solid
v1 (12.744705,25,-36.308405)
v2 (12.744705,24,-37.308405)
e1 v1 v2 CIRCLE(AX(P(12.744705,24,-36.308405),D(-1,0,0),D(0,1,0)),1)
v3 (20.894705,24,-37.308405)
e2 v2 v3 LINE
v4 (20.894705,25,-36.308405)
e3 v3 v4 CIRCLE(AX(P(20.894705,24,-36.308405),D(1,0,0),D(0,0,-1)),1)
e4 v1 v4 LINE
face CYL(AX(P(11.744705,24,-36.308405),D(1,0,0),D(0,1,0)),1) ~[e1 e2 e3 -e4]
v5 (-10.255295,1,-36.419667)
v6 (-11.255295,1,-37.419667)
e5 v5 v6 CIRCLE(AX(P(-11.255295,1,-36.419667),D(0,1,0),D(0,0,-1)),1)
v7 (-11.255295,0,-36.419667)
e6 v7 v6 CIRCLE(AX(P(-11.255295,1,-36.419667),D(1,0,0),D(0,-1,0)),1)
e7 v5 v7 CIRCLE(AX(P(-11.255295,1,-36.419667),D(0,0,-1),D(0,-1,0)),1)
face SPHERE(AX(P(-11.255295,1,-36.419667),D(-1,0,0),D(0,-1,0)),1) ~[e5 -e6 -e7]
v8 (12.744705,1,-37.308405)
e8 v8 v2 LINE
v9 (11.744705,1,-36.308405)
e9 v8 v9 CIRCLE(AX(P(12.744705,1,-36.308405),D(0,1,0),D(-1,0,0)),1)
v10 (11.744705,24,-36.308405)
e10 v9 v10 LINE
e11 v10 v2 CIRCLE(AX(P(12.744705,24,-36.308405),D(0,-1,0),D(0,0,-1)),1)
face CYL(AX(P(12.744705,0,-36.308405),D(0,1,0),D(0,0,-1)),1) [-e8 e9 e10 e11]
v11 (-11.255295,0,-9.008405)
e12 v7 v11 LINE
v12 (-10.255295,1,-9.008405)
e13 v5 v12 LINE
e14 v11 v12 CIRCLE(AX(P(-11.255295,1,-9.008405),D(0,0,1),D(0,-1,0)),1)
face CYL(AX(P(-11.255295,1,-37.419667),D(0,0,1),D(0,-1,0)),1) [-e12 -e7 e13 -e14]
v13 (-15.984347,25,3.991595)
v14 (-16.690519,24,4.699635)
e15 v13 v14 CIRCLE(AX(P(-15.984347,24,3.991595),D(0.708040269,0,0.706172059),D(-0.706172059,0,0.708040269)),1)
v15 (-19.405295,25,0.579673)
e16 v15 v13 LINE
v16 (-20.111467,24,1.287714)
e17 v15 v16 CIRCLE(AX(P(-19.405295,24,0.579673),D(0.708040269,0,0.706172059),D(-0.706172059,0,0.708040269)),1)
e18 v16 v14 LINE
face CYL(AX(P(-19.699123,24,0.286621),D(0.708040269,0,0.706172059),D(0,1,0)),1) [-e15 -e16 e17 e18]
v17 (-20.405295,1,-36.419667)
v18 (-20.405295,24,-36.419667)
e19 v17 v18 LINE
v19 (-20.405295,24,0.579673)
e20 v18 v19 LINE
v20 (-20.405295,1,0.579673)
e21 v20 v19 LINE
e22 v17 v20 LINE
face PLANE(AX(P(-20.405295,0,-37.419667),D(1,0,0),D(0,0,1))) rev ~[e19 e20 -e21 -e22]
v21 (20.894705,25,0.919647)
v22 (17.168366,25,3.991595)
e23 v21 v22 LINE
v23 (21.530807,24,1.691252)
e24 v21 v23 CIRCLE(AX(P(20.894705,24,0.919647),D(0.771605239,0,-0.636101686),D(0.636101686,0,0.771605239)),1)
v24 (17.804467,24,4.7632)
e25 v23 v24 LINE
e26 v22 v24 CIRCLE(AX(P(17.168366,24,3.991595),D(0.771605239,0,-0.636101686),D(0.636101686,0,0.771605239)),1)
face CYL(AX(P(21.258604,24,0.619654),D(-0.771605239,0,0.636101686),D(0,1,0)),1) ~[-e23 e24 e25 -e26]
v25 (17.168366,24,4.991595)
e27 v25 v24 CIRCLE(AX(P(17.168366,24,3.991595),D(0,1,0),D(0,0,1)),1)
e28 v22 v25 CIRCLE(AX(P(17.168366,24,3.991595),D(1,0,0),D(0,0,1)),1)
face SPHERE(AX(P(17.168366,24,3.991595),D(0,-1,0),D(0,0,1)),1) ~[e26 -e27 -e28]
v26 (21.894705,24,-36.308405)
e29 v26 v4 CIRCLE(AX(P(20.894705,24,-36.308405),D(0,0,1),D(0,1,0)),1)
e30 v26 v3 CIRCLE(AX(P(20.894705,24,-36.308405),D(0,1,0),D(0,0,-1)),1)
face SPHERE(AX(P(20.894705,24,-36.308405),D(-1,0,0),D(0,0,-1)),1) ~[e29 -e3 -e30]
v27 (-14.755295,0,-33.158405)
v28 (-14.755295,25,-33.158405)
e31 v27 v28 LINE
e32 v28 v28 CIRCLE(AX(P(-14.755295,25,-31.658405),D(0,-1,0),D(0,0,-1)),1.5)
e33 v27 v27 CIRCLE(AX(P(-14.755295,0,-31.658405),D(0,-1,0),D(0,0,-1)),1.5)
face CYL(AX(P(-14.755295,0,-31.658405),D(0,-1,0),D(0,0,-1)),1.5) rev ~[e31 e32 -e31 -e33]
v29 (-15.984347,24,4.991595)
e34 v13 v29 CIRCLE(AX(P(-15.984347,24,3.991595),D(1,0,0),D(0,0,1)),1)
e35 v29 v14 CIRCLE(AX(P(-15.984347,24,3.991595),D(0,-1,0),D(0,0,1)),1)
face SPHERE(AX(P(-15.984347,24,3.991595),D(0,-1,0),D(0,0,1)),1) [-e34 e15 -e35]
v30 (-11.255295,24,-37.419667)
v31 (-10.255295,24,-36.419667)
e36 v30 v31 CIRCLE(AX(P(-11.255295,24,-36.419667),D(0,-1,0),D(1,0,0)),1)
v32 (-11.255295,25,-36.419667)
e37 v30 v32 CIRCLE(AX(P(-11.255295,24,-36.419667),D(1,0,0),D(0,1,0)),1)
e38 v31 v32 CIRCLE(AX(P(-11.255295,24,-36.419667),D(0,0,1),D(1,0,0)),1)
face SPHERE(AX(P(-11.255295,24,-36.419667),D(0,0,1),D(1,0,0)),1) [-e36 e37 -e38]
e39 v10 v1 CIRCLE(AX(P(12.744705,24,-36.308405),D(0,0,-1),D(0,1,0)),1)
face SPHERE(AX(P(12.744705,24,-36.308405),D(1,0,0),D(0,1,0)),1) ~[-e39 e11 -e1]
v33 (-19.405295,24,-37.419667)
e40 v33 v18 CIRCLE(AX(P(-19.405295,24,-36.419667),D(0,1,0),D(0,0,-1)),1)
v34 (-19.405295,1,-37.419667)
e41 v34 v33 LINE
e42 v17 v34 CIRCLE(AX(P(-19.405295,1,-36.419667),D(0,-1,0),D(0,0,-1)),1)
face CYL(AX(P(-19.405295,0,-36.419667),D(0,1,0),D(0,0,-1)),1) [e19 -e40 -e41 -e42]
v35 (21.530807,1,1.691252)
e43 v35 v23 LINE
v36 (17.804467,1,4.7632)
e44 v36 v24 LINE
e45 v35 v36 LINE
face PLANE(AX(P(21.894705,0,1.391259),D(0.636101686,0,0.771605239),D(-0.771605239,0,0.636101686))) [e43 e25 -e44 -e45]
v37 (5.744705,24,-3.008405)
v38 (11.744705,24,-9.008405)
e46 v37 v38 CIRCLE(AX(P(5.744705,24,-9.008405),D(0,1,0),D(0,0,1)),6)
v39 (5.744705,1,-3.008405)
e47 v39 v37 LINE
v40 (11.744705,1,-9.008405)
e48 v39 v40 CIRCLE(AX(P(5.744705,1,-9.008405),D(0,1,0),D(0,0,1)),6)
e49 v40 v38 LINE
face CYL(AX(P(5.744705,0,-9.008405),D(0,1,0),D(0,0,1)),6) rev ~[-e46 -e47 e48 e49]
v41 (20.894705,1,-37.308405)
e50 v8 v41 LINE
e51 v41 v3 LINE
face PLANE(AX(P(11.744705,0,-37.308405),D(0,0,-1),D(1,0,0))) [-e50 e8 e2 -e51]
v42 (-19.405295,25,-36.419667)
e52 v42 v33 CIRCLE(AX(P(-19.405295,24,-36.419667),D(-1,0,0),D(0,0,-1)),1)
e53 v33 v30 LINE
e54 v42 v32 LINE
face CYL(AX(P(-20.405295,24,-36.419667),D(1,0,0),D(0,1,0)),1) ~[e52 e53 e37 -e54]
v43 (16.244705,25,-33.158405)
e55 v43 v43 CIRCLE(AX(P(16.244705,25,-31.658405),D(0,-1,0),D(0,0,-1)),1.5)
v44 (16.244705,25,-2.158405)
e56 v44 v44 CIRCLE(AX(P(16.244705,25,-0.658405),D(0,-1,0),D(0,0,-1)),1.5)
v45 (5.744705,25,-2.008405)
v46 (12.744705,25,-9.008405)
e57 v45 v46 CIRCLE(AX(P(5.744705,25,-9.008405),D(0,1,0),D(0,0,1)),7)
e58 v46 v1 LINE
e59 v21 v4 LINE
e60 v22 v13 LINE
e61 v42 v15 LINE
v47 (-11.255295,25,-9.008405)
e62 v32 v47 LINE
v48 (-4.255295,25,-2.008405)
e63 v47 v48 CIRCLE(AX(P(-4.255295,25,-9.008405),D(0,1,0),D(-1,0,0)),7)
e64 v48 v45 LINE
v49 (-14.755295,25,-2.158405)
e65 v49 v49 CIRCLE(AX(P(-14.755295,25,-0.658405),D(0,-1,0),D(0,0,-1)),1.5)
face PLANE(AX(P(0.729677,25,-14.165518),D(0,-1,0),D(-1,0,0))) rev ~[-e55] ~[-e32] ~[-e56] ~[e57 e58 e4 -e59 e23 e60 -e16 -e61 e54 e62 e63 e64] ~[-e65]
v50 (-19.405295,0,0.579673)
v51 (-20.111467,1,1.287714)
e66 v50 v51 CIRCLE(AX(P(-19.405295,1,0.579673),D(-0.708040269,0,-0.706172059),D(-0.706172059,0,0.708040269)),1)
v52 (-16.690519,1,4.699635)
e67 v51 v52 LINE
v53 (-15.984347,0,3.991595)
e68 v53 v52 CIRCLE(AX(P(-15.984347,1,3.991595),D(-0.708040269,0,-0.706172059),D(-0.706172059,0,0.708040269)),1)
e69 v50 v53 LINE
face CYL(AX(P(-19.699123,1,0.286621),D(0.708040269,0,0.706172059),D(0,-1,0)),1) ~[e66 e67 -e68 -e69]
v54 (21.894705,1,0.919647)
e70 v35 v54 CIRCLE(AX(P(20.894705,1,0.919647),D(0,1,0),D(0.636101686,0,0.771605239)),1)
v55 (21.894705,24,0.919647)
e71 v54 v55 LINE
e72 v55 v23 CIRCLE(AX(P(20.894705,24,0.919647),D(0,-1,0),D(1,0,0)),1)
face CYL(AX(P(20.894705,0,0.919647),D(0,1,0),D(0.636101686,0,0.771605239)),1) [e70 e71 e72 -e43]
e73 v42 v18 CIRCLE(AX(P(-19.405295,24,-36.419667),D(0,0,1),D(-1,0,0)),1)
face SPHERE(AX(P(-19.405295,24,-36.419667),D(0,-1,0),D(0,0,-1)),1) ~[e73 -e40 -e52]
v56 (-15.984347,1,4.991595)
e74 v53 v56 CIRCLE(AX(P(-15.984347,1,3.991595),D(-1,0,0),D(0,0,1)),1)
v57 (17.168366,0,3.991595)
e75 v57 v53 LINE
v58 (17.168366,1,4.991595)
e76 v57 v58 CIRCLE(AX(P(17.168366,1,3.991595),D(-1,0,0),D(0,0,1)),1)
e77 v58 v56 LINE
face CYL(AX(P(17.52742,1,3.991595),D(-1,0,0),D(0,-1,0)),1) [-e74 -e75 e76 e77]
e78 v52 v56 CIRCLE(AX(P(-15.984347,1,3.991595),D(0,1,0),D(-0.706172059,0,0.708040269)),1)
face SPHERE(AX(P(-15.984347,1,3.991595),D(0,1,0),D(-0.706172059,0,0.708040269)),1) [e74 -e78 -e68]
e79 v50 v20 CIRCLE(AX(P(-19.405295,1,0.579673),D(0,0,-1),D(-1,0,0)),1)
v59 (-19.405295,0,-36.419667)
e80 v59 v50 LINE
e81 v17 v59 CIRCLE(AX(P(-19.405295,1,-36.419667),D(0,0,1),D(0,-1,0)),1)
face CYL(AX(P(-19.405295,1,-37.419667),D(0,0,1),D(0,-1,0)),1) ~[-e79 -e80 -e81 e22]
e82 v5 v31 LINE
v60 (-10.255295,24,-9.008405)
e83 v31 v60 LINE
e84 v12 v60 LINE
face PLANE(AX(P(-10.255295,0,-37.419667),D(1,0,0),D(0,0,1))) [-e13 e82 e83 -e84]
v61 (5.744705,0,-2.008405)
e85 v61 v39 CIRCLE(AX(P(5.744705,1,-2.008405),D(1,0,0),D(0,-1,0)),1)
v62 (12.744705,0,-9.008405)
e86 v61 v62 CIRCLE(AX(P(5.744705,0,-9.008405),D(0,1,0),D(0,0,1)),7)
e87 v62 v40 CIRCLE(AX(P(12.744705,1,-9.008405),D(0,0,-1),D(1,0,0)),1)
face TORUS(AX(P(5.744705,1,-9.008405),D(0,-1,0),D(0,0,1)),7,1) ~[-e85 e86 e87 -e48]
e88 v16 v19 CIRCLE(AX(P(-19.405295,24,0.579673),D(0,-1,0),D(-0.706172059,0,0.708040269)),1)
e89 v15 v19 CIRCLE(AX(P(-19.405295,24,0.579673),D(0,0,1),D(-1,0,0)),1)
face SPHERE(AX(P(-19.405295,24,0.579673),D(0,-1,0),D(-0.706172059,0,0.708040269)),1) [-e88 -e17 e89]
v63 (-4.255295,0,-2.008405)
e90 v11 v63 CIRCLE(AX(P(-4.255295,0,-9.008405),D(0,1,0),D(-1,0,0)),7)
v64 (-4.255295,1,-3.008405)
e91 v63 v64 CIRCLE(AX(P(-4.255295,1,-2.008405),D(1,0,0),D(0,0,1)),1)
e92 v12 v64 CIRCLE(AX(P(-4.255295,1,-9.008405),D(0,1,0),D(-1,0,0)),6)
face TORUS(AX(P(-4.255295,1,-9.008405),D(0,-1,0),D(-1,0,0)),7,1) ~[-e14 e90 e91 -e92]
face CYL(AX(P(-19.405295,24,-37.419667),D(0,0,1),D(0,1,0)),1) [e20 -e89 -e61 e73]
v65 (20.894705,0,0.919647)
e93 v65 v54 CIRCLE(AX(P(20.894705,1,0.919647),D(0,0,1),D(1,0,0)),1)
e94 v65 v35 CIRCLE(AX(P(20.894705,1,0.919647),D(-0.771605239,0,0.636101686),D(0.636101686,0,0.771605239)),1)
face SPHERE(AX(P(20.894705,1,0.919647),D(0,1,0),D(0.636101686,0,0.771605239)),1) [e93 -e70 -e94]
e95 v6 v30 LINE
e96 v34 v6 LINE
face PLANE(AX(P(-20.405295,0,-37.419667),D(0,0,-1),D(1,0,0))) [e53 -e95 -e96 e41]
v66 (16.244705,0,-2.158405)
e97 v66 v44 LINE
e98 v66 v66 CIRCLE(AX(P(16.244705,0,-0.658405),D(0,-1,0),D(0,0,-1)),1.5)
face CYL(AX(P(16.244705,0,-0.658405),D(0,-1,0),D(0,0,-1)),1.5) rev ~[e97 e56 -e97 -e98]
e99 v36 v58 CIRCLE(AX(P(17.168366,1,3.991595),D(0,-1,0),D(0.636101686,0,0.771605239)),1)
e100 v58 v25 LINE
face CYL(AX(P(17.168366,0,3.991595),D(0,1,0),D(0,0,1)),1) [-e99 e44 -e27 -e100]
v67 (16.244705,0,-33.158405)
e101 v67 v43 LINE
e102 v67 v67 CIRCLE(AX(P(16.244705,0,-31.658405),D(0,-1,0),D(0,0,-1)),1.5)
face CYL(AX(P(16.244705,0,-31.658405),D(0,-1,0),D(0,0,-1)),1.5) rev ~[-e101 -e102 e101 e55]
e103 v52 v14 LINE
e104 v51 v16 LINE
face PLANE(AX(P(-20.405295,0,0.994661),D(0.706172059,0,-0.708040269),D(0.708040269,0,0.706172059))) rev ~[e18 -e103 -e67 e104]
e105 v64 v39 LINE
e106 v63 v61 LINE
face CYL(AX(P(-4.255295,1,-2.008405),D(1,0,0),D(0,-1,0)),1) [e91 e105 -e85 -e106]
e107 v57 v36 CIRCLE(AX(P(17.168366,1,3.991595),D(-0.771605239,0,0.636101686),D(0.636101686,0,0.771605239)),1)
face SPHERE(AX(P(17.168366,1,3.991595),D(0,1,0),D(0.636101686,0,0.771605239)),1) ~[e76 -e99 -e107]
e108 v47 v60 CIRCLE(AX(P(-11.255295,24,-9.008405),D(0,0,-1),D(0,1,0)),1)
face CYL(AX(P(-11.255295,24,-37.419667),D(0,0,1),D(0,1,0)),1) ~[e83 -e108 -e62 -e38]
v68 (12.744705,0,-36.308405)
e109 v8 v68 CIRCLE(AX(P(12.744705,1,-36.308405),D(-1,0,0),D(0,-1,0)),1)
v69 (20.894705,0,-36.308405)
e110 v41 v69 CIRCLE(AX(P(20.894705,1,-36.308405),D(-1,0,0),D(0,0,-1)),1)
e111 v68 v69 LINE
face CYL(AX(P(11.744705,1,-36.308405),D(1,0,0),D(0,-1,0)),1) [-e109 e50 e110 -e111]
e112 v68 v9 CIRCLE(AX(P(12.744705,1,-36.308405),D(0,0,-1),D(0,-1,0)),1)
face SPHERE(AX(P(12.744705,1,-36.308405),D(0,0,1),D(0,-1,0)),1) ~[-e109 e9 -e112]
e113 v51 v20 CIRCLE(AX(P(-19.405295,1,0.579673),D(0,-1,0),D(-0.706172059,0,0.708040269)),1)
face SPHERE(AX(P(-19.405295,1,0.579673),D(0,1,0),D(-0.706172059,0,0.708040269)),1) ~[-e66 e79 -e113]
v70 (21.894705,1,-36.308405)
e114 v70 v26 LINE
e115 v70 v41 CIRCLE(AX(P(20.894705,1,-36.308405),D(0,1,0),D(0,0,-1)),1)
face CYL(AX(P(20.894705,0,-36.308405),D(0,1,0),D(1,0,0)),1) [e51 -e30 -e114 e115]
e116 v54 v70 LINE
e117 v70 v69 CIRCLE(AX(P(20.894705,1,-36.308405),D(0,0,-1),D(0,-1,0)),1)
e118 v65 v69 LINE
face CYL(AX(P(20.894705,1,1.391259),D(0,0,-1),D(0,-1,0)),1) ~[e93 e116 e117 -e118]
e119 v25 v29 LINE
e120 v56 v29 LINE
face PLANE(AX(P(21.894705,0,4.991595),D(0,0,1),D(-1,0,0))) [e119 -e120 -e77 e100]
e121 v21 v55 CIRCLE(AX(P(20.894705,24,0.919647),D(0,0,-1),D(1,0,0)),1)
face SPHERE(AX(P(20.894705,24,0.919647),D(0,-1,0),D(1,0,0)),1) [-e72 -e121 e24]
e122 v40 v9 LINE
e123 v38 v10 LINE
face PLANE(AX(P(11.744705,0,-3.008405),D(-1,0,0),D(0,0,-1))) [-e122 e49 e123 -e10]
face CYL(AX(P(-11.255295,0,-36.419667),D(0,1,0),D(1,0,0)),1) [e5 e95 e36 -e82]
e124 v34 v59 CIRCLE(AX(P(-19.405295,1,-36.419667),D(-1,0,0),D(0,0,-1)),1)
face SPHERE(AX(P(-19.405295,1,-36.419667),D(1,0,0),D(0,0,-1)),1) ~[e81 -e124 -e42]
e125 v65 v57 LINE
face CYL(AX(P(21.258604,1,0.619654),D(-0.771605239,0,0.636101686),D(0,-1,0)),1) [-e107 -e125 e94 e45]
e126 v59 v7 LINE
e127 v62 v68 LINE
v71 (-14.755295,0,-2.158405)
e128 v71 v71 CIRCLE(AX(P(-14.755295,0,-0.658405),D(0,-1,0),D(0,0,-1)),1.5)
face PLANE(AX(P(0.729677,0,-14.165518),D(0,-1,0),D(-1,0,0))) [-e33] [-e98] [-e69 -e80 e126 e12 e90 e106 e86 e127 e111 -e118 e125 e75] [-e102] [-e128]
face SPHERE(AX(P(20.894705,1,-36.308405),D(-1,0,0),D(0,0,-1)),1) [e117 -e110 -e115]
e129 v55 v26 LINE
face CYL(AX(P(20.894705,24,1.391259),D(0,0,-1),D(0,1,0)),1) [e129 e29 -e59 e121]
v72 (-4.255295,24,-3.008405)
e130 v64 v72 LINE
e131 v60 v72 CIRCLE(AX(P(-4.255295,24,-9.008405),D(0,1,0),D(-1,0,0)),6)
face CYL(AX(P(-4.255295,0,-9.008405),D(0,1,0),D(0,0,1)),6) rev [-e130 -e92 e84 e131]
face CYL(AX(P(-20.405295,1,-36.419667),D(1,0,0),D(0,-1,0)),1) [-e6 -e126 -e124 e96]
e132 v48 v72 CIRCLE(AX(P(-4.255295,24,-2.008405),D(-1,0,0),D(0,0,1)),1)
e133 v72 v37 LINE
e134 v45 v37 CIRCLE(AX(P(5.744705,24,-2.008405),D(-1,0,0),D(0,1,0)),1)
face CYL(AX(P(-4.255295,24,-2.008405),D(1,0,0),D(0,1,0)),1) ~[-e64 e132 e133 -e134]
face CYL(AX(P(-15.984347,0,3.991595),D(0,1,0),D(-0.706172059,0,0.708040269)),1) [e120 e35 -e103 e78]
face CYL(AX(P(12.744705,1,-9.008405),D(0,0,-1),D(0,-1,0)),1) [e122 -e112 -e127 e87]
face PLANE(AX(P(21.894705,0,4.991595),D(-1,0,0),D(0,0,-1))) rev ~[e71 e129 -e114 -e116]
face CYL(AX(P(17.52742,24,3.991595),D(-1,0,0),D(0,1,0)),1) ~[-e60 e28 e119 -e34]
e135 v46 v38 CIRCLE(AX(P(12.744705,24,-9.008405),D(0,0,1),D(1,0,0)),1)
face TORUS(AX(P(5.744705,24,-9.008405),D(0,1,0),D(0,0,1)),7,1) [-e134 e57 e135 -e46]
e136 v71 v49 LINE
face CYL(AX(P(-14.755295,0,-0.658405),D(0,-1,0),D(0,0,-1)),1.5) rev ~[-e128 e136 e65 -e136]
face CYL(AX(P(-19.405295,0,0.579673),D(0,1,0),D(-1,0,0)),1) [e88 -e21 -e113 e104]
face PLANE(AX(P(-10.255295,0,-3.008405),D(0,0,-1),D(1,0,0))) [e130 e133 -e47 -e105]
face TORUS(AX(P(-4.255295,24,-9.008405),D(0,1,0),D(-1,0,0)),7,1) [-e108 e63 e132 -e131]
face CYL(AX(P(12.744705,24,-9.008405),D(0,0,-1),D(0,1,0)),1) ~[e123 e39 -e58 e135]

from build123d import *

# Parameters (mm, degrees)
BOSS_EXTRUDE1_DEPTH = 25
SKETCH2_R           = 1.5
CUT_EXTRUDE1_DEPTH  = 51.046074471
FILLET1_R           = 6
CUT_EXTRUDE2_DEPTH  = 51.046074471
FILLET2_R           = 1


with BuildPart() as part:
    # Sketch1 → Boss-Extrude1 (new body)
    with BuildSketch(Plane(origin=(0, 0, 0), x_dir=(1, 0, 0), z_dir=(0, 1, 0))):
        Polygon((-10.255294708, 3.008405172), (11.744705292, 3.008405172), (11.744705292, 37.308405172), (21.894705292, 37.308405172), (21.894705292, 2.897143722), (21.894705292, -4.991594828), (-20.405294708, -4.991594828), (-20.405294708, 3.008405172), (-20.405294708, 37.419666622), (-10.255294708, 37.419666622), align=None)
    extrude(amount=BOSS_EXTRUDE1_DEPTH)

    # Sketch2 → Cut-Extrude1 (cut, through all)
    with BuildSketch(Plane.XZ):
        with Locations(Location((-14.755294708, -31.658405172, 0), (0, 0, 270))):
            Circle(SKETCH2_R)
        with Locations(Location((-14.755294708, -0.658405172, 0), (0, 0, 270))):
            Circle(SKETCH2_R)
        with Locations(Location((16.244705292, -0.658405172, 0), (0, 0, 270))):
            Circle(SKETCH2_R)
        with Locations(Location((16.244705292, -31.658405172, 0), (0, 0, 270))):
            Circle(SKETCH2_R)
    extrude(amount=-CUT_EXTRUDE1_DEPTH, mode=Mode.SUBTRACT)

    # Fillet1
    fillet1_edges = [part.edges().sort_by_distance(p)[0] for p in [
        (-10.255294708, 12.5, -3.008405172),
        (11.744705292, 12.5, -3.008405172),
    ]]
    fillet(fillet1_edges, radius=FILLET1_R)

    # Sketch3 → Cut-Extrude2 (cut, through all)
    with BuildSketch(Plane.XZ):
        Polygon((21.894705292, 1.391259285), (17.527419638, 4.991594828), (21.894705292, 4.991594828), align=None)
        Polygon((-20.405294708, 0.994660971), (-16.397786785, 4.991594828), (-20.405294708, 4.991594828), align=None)
    extrude(amount=-CUT_EXTRUDE2_DEPTH, mode=Mode.SUBTRACT)

    # Fillet2
    fillet2_edges = [part.edges().sort_by_distance(p)[0] for p in [
        (16.819705292, 25, -37.308405172),
        (-15.330294708, 0, -37.419666622),
        (11.744705292, 0, -23.158405172),
        (16.819705292, 0, -37.308405172),
        (11.744705292, 25, -23.158405172),
        (-20.405294708, 12.5, -37.419666622),
        (-10.255294708, 12.5, -37.419666622),
        (11.744705292, 12.5, -37.308405172),
        (21.894705292, 12.5, -37.308405172),
        (-15.330294708, 25, -37.419666622),
        (-20.405294708, 25, -18.212502825),
        (-10.255294708, 0, -23.214035897),
        (-10.255294708, 25, -23.214035897),
        (0.744705292, 0, -3.008405172),
        (0.744705292, 25, -3.008405172),
        (-8.497935395, 0, -4.765764485),
        (-8.497935395, 25, -4.765764485),
        (9.98734598, 0, -4.765764485),
        (9.98734598, 25, -4.765764485),
        (21.894705292, 0, -17.958572944),
        (21.894705292, 25, -17.958572944),
        (19.711062465, 25, 3.191427056),
        (21.894705292, 12.5, 1.391259285),
        (17.527419638, 12.5, 4.991594828),
        (19.711062465, 0, 3.191427056),
        (0.564816427, 0, 4.991594828),
        (0.564816427, 25, 4.991594828),
        (-20.405294708, 12.5, 0.994660971),
        (-18.401540746, 25, 2.993127899),
        (-16.397786785, 12.5, 4.991594828),
        (-18.401540746, 0, 2.993127899),
        (-20.405294708, 0, -18.212502825),
    ]]
    fillet(fillet2_edges, radius=FILLET2_R)


solid = part.part
